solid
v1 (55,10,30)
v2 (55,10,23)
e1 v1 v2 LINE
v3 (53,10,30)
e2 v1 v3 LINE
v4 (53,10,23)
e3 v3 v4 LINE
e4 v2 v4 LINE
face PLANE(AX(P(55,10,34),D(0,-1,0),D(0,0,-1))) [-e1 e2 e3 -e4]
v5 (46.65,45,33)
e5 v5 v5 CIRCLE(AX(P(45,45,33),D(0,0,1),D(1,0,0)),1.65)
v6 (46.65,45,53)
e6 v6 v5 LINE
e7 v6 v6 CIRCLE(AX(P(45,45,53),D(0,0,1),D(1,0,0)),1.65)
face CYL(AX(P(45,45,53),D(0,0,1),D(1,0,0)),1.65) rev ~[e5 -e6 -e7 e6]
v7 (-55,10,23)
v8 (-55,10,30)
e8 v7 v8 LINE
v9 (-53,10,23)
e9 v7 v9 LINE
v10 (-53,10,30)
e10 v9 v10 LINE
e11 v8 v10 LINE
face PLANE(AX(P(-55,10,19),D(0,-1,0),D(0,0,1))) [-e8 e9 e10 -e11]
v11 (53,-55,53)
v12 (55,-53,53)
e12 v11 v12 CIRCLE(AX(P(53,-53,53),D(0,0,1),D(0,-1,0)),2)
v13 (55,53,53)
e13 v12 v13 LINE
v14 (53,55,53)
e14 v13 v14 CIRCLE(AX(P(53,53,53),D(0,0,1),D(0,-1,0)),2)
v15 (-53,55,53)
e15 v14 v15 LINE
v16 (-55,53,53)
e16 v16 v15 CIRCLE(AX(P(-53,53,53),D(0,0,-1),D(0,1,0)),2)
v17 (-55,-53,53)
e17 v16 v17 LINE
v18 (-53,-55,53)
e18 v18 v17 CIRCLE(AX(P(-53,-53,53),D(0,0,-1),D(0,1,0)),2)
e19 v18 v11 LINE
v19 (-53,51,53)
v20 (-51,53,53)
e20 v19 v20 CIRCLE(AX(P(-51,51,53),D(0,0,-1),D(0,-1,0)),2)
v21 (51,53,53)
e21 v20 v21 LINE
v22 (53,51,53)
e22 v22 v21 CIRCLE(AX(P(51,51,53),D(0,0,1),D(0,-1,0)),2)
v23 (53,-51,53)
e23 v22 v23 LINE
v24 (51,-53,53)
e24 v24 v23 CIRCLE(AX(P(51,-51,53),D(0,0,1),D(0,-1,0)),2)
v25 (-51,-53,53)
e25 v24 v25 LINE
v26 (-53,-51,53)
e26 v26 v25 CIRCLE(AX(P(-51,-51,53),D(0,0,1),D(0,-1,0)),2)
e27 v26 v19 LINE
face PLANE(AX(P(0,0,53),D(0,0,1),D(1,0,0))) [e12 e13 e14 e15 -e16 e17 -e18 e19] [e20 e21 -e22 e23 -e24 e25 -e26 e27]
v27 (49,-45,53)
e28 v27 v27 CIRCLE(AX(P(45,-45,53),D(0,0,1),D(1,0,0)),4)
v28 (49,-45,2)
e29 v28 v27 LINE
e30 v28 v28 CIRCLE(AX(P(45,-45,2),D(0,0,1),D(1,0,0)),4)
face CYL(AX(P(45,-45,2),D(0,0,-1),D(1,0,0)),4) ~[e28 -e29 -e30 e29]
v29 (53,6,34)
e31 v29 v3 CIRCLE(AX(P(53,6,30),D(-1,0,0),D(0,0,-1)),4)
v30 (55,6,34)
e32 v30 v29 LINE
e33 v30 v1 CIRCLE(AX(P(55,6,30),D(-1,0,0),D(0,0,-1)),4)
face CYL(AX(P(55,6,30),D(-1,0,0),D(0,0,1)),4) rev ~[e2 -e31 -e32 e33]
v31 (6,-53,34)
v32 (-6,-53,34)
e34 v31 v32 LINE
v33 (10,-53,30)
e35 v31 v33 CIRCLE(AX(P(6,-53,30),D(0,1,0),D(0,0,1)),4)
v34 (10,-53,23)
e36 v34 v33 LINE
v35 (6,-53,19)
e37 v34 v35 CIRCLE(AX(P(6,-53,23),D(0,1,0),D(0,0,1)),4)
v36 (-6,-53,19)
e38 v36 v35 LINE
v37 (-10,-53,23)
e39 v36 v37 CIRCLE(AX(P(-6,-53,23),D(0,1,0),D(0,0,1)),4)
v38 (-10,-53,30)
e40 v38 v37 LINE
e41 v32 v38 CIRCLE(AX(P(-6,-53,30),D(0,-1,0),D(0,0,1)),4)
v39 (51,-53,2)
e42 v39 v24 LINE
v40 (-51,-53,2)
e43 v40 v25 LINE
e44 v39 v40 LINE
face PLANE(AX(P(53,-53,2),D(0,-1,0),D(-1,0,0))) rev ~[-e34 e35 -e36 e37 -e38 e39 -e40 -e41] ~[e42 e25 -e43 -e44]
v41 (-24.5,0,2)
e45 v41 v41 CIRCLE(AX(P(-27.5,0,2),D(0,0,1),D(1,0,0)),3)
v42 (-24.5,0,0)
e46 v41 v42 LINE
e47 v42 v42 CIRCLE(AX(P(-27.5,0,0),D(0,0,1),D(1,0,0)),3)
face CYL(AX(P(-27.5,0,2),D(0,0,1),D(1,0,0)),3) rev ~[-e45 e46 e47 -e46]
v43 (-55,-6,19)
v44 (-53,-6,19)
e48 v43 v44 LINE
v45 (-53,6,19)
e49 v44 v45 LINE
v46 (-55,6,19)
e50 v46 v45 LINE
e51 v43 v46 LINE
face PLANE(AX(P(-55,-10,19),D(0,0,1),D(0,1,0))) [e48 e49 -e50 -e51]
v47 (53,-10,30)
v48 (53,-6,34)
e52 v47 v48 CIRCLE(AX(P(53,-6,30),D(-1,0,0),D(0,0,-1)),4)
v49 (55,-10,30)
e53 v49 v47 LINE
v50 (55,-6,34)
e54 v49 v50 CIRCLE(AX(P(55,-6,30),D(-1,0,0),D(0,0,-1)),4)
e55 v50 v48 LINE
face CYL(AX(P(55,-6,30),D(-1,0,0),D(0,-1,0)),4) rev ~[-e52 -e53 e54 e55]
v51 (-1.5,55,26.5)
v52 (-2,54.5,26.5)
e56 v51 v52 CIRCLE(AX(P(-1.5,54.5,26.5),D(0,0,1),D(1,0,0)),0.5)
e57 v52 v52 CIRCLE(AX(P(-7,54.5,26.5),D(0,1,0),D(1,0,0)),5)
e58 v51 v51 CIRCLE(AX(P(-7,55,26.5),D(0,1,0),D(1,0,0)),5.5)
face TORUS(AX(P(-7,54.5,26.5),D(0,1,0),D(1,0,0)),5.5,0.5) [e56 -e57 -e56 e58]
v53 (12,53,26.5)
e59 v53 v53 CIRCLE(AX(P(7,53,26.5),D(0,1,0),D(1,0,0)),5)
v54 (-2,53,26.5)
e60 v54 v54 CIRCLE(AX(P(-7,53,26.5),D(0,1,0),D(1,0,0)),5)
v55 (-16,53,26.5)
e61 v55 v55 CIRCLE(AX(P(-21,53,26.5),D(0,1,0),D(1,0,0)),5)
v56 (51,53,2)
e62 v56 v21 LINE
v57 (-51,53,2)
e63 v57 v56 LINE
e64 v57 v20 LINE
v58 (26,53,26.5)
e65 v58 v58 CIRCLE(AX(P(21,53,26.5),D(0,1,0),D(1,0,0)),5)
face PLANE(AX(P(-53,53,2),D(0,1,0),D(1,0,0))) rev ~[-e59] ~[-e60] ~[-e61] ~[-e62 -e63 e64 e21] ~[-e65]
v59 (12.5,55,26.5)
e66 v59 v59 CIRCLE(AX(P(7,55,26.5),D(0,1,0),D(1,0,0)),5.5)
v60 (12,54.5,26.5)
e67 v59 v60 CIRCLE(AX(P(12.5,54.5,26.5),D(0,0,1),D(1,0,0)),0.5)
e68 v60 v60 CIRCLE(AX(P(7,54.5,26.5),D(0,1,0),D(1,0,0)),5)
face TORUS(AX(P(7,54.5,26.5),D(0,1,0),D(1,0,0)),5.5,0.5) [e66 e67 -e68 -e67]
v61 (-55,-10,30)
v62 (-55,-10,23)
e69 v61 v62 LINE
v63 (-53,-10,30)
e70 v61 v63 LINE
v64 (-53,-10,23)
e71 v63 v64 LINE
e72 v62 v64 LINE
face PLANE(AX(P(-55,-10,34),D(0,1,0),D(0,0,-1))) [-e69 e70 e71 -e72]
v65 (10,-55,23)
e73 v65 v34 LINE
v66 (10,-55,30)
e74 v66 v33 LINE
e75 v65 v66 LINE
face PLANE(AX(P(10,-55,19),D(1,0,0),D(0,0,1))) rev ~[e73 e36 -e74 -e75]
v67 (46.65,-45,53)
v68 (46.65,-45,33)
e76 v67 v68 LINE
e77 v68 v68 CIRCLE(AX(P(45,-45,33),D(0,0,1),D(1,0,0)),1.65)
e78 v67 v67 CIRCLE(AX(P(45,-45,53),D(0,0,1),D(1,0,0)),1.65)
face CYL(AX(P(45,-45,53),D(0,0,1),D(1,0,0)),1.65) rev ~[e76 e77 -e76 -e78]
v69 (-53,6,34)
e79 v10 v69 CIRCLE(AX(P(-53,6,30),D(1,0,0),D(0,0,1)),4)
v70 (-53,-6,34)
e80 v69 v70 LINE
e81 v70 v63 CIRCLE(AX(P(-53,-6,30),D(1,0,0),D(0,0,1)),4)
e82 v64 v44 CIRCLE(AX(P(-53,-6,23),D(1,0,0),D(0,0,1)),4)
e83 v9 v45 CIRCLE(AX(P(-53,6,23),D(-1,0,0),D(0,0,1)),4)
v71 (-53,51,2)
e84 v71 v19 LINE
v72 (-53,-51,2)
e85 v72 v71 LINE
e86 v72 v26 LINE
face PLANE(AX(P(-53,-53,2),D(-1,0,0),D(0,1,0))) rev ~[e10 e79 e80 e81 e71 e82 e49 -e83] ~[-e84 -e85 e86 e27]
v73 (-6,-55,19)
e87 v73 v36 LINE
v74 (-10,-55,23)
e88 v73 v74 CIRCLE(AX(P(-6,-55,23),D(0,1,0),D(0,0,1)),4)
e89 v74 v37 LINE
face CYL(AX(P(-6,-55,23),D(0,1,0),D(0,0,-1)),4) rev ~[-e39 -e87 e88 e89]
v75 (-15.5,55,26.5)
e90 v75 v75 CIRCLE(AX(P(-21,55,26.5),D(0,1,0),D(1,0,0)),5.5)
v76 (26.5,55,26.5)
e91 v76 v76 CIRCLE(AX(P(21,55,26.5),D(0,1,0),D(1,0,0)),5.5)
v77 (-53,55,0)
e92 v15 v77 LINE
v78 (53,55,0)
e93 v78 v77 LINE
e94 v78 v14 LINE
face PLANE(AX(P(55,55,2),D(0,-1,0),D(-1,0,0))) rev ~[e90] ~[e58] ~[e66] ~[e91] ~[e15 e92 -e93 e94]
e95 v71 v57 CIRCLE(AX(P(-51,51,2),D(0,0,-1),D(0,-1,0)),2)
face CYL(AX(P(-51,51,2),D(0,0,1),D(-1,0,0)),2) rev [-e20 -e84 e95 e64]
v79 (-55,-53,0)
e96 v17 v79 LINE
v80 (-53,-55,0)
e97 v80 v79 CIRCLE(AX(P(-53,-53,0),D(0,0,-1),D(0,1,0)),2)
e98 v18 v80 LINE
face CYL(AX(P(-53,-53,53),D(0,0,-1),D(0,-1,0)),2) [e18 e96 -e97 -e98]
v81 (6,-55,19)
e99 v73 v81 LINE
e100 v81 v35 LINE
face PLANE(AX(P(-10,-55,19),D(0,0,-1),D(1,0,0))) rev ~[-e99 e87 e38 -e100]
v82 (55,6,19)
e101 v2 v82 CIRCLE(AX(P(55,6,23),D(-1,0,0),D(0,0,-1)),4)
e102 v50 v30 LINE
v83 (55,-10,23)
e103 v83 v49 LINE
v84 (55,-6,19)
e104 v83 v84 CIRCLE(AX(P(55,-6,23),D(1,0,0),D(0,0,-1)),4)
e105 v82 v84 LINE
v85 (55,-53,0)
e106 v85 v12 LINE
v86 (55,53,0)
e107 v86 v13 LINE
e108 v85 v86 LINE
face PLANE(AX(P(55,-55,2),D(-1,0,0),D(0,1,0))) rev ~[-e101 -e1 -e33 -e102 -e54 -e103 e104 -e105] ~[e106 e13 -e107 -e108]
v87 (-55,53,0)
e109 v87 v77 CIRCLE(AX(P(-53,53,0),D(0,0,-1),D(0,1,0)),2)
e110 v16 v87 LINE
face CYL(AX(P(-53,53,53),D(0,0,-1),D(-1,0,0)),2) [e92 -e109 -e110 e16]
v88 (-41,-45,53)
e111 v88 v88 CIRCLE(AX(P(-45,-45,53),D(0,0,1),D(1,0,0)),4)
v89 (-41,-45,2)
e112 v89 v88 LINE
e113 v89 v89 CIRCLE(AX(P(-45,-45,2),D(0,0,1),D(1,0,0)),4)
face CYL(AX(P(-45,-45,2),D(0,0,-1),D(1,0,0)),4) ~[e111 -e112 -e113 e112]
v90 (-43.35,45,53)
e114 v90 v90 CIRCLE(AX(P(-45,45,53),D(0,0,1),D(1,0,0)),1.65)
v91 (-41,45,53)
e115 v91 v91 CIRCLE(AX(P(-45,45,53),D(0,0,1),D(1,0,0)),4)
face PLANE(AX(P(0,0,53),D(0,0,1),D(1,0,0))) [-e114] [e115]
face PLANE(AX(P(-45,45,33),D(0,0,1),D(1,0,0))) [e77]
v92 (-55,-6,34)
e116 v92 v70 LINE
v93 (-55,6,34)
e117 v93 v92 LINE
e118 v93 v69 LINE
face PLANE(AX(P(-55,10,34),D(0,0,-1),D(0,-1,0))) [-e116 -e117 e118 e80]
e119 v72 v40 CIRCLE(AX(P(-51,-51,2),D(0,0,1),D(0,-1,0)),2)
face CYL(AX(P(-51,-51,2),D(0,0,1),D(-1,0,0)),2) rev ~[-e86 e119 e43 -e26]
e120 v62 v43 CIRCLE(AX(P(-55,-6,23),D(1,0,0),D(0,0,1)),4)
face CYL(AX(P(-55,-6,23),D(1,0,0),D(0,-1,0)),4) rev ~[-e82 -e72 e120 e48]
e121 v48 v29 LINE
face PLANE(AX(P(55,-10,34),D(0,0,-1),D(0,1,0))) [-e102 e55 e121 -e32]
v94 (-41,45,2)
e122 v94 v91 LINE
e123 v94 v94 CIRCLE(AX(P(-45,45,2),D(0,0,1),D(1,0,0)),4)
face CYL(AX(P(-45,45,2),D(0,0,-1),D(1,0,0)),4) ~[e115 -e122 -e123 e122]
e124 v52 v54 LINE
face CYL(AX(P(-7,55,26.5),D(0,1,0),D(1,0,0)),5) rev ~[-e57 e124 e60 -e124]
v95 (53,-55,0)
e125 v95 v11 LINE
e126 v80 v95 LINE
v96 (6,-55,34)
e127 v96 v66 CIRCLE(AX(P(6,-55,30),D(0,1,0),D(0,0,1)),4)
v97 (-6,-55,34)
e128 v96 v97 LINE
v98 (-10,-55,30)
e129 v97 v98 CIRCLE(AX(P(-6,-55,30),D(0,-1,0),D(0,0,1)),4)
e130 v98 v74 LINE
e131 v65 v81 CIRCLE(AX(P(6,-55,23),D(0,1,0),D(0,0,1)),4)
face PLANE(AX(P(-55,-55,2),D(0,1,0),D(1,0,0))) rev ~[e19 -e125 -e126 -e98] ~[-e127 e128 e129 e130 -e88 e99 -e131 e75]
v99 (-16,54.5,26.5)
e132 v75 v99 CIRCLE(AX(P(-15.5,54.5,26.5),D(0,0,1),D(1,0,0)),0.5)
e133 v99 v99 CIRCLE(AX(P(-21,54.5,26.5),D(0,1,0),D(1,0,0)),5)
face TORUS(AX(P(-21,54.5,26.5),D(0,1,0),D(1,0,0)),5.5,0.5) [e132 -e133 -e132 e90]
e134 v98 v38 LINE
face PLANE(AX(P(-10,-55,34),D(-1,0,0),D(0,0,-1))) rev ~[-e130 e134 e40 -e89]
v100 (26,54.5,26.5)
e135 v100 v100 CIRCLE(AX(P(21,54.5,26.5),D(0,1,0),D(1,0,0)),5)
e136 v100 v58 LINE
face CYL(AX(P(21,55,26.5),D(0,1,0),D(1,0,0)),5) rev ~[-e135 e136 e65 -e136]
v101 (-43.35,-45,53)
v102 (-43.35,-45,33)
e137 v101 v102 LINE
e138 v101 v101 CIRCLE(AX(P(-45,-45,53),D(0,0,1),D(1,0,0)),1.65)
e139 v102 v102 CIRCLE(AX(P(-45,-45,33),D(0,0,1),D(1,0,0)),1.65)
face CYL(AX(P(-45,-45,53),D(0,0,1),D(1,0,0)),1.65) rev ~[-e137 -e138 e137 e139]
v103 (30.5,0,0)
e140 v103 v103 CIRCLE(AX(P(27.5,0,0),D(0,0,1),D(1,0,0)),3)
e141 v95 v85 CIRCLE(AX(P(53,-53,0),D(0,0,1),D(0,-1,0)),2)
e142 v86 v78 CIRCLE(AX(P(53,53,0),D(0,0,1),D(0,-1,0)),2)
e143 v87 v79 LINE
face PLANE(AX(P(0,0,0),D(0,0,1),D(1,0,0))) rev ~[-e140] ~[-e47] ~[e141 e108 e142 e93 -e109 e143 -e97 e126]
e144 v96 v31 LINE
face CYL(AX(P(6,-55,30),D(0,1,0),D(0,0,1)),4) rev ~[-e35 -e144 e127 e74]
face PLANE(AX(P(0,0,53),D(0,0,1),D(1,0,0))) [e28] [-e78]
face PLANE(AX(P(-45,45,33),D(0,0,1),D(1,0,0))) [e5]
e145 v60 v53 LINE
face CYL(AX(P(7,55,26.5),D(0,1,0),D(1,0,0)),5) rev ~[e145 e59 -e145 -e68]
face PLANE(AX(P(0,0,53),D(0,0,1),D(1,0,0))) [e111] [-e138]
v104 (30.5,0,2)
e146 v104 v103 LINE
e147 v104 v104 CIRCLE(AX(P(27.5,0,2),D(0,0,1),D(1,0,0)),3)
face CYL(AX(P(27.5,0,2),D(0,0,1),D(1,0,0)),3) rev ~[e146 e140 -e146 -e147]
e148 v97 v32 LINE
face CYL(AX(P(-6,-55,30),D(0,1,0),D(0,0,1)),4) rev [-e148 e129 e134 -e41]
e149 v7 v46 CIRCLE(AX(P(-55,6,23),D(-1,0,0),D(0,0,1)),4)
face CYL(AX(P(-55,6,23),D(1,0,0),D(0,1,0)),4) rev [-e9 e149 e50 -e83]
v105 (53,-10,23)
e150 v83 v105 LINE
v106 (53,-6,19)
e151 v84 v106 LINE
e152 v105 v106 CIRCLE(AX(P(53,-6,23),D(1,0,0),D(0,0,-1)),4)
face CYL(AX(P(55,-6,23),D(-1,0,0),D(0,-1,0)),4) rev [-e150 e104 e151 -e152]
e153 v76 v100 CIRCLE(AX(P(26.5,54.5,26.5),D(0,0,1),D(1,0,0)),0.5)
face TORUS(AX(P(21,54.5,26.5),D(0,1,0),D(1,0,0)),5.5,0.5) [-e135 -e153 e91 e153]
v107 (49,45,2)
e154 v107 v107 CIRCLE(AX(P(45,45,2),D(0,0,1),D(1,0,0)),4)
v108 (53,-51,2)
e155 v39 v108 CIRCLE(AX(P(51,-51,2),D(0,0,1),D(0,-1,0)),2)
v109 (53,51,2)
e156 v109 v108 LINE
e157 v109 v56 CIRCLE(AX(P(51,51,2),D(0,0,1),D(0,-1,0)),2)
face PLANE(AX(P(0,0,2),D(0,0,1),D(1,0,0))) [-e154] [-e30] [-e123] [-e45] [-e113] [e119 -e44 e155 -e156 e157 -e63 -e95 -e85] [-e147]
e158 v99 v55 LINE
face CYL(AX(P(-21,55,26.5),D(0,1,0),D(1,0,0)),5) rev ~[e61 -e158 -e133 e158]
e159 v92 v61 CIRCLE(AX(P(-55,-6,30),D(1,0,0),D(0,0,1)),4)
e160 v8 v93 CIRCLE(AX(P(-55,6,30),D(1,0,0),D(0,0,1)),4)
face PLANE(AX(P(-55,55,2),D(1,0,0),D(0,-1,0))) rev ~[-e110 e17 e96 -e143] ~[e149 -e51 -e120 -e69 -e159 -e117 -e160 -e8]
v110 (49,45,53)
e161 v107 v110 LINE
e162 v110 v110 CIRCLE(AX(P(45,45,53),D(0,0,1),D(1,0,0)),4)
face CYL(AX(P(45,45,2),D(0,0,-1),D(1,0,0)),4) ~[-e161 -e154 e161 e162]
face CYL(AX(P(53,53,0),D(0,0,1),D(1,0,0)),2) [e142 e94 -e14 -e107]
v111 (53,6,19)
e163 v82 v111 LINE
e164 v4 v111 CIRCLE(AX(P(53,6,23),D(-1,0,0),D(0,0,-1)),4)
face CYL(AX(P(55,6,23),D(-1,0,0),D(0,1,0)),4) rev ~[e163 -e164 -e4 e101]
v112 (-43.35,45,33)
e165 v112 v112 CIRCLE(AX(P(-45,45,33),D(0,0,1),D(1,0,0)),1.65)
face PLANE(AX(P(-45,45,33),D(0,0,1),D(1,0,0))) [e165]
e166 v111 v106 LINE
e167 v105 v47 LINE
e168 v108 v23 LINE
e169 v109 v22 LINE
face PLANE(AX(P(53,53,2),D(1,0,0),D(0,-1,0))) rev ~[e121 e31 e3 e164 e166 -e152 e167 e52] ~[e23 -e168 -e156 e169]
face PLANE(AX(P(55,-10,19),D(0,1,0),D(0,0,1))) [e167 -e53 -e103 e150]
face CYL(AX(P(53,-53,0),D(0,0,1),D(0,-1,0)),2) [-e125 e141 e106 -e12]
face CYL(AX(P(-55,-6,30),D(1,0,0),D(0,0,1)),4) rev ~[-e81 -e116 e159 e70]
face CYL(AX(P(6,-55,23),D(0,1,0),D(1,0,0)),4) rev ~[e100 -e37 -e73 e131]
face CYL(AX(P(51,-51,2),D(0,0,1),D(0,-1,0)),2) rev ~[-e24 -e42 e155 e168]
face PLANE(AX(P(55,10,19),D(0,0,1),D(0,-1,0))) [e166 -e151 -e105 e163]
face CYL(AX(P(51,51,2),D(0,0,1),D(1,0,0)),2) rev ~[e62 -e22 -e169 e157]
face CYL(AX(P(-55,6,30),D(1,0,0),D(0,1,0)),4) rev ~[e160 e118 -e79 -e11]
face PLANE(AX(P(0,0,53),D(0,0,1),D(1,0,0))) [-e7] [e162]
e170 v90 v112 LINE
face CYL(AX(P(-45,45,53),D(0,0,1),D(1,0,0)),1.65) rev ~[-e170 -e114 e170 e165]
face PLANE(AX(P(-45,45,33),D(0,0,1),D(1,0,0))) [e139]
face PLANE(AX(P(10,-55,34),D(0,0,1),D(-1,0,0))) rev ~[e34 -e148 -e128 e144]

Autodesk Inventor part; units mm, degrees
ref_plane "YZ Plane" through (0, 0, 0) normal (1, 0, 0) x (0, 1, 0)
ref_plane "XZ Plane" through (0, 0, 0) normal (0, 1, 0) x (-1, 0, 0)
ref_plane "XY Plane" through (0, 0, 0) normal (0, 0, 1) x (1, 0, 0)
sketch "Sketch1" plane through (0, 0, 0) normal (0, 0, 1) x (1, 0, 0)
  line L0 (-55, -55) -> (55, -55)
  line L1 (55, -55) -> (55, 55)
  line L2 (55, 55) -> (-55, 55)
  line L3 (-55, 55) -> (-55, -55)
  line L4 (-55, -55) -> (55, 55) construction
  line L5 (55, -55) -> (-55, 55) construction
  point P0 (0, 0)
  dimension "Base_Width" = 110
  dimension "Base_Length" = 110
extrude "BaseBottom" add sketch "Sketch1" along normal blind 2
sketch "Sketch9" plane through (0, 0, 2) normal (0, 0, 1) x (1, 0, 0)
  line L0 (55, 55) -> (-55, 55) projected
  line L1 (0, 55) -> (0, -55) construction
  line L2 (-55, -55) -> (55, -55) projected
  circle A0 centre (-27.5, 0) radius 3
  circle A1 centre (27.5, 0) radius 3
  point P0 (0, 0)
  point P1 (0, 0)
  dimension "WallMount_Hole_Diameter" = 6
  dimension "WallMount_Hole_XPosition" = 27.5
  dimension "WallMount_Hole_YPosition" = 0
extrude "WallMountHoles" cut sketch "Sketch9" against normal up to surface (2 mm away)
sketch "Sketch3" plane through (0, 0, 2) normal (0, 0, 1) x (1, 0, 0)
  line L0 (55, -55) -> (55, 55) projected
  line L1 (-55, -55) -> (55, -55)
  line L2 (55, -55) -> (55, 55)
  line L3 (55, 55) -> (-55, 55)
  line L4 (-55, 55) -> (-55, -55)
  line L5 (-55, -55) -> (55, 55) construction
  line L6 (55, -55) -> (-55, 55) construction
  line L7 (-53, 53) -> (53, 53)
  line L8 (53, 53) -> (53, -53)
  line L9 (53, -53) -> (-53, -53)
  line L10 (-53, -53) -> (-53, 53)
  point P0 (0, 0)
  dimension "Base_Wall_Thickness" = 2
extrude "BaseWalls" add sketch "Sketch3" along normal blind 51
sketch "Sketch4" plane through (-55, -55, 0) normal (0, -1, 0) x (1, 0, 0)
  line L0 (45, 19) -> (65, 19)
  line L1 (65, 19) -> (65, 34)
  line L2 (65, 34) -> (45, 34)
  line L3 (45, 34) -> (45, 19)
  line L4 (45, 19) -> (65, 34) construction
  line L5 (65, 19) -> (45, 34) construction
  line L6 (55, 0) -> (55, 53) construction
  line L7 (2, 53) -> (108, 53) projected
  point P0 (55, 26.5)
  dimension "BatteryConnector_Hole_Width" = 20
  dimension "BatteryConnector_Hole_Height" = 15
extrude "BatteryConnectorHole" cut sketch "Sketch4" against normal up to surface (2 mm away)
sketch "Sketch5" plane through (55, -55, 0) normal (1, 0, 0) x (0, 0, -1)
  line L0 (0, 55) -> (-53, 55) construction
  line L1 (-53, 2) -> (-53, 108) projected
  line L2 (-19, 45) -> (-34, 45)
  line L3 (-34, 45) -> (-34, 65)
  line L4 (-34, 65) -> (-19, 65)
  line L5 (-19, 65) -> (-19, 45)
  line L6 (-19, 45) -> (-34, 65) construction
  line L7 (-34, 45) -> (-19, 65) construction
  point P0 (-26.5, 55)
  dimension "GridConnector_Hole_Width" = 20
  dimension "GridConnector_Hole_Height" = 15
extrude "GridConnectorHole" cut sketch "Sketch5" against normal up to surface (2 mm away)
sketch "Sketch6" plane through (-55, -55, 0) normal (-1, 0, 0) x (0, 0, 1)
  line L0 (0, 55) -> (53, 55) construction
  line L1 (53, 2) -> (53, 108) projected
  line L2 (19, 65) -> (34, 65)
  line L3 (34, 65) -> (34, 45)
  line L4 (34, 45) -> (19, 45)
  line L5 (19, 45) -> (19, 65)
  line L6 (19, 65) -> (34, 45) construction
  line L7 (34, 65) -> (19, 45) construction
  point P0 (26.5, 55)
  dimension "DeviceConnector_Hole_Width" = 20
  dimension "DeviceConnector_Hole_Height" = 15
extrude "DeviceConnectorHole" cut sketch "Sketch6" against normal up to surface (2 mm away)
sketch "Sketch8" plane through (-55, 55, 0) normal (0, 1, 0) x (1, 0, 0)
  line L0 (0, 0) -> (0, -53) projected
  line L1 (0, -26.5) -> (110, -26.5) construction
  line L2 (110, 0) -> (110, -53) projected
  circle A0 centre (34, -26.5) radius 5
  circle A1 centre (48, -26.5) radius 5
  circle A2 centre (62, -26.5) radius 5
  circle A3 centre (76, -26.5) radius 5
  point P0 (55, 0)
  point P1 (55, -26.5)
  dimension "Distance_Between_Buttons" = 14
  dimension "Button_Hole_Diameter" = 10
  dimension "Center_Buttons" = 21
extrude "ButtonHoles" cut sketch "Sketch8" against normal up to surface (2 mm away)
fillet "BaseCorners" radius 2 8 edges at (-55, 55, 26.5) (55, 55, 26.5) (55, -55, 26.5) (-55, -55, 26.5) (-53, -53, 27.5) (-53, 53, 27.5) (53, 53, 27.5) (53, -53, 27.5)
sketch "Sketch11" plane through (0, 0, 2) normal (0, 0, 1) x (1, 0, 0)
  circle A0 centre (-45, 45) radius 4
  line L0 (53, 55) -> (-53, 55) projected
  line L1 (-55, 53) -> (-55, -53) projected
  line L2 (0, 0) -> (0, 55) construction
  line L3 (0, 0) -> (-55, 0) construction
  circle A1 centre (45, 45) radius 4
  circle A2 centre (-45, -45) radius 4
  circle A3 centre (45, -45) radius 4
  dimension "d64" = 8
  dimension "d65" = 10
  dimension "d66" = 10
extrude "Extrusion11" add sketch "Sketch11" along normal blind 51
sketch "Sketch12" plane through (-45, 45, 53) normal (0, 0, 1) x (1, 0, 0)
  circle A0 centre (90, -90) radius 4 projected
  circle A1 centre (90, -90) radius 1.65
  circle A2 centre (0, 0) radius 1.65
  circle A3 centre (90, 0) radius 1.65
  circle A4 centre (0, -90) radius 1.65
  circle A5 centre (0, -90) radius 4 projected
  circle A6 centre (0, 0) radius 4 projected
  circle A7 centre (90, 0) radius 4 projected
  point P0 (45, -45)
  dimension "d69" = 3.3
  dimension "d70" = 3.3
  dimension "d71" = 3.3
  dimension "d72" = 3.3
  dimension "d73" = 0
  dimension "d74" = 0
  dimension "d75" = 0
  dimension "d76" = 0
  dimension "d77" = 0
  dimension "d78" = 0
extrude "Extrusion12" cut sketch "Sketch12" against normal blind 20 contours A1 | A2 | A3 | A4
fillet "Fillet2" radius 0.5 4 edges at (16, 55, 26.5) (2, 55, 26.5) (-12, 55, 26.5) (-26, 55, 26.5)
fillet "Fillet3" radius 4 12 edges at (54, 10, 34) (54, 10, 19) (54, -10, 34) (54, -10, 19) (-10, -54, 19) (10, -54, 19) (-10, -54, 34) (10, -54, 34) (-54, 10, 19) (-54, 10, 34) (-54, -10, 19) (-54, -10, 34)
equation "\"Base_Width\" = PCB_Width + 2 * Offset"
equation "\"Base_Length\" = PCB_Length + 2 * Offset"
equation "\"Base_Bottom_Thickness\" = Wall_Thickness"
equation "\"WallMount_Hole_XPosition\" = 0.25 * Base_Width"
equation "\"Base_Wall_Thickness\" = Wall_Thickness"
equation "\"Base_Height\" = Offset + PCB_Height - 2 * Wall_Thickness"
equation "\"d15\" = PCB_Height + Offset"
equation "\"Distance_Between_Buttons\" = Button_Diameter + Button_Distance_Between"
equation "\"Button_Hole_Diameter\" = Button_Diameter"
equation "\"d37\" = Wall_Thickness"
equation "\"d67\" = Offset + PCB_Height - 2 * Wall_Thickness"
equation "\"PCB_Width\" = 80"
equation "\"Offset\" = 15"
equation "\"PCB_Length\" = 80"
equation "\"Wall_Thickness\" = 2"
equation "\"PCB_Height\" = 40"
equation "\"Button_Diameter\" = 10"
equation "\"Button_Distance_Between\" = 4"
properties part number "Base"
